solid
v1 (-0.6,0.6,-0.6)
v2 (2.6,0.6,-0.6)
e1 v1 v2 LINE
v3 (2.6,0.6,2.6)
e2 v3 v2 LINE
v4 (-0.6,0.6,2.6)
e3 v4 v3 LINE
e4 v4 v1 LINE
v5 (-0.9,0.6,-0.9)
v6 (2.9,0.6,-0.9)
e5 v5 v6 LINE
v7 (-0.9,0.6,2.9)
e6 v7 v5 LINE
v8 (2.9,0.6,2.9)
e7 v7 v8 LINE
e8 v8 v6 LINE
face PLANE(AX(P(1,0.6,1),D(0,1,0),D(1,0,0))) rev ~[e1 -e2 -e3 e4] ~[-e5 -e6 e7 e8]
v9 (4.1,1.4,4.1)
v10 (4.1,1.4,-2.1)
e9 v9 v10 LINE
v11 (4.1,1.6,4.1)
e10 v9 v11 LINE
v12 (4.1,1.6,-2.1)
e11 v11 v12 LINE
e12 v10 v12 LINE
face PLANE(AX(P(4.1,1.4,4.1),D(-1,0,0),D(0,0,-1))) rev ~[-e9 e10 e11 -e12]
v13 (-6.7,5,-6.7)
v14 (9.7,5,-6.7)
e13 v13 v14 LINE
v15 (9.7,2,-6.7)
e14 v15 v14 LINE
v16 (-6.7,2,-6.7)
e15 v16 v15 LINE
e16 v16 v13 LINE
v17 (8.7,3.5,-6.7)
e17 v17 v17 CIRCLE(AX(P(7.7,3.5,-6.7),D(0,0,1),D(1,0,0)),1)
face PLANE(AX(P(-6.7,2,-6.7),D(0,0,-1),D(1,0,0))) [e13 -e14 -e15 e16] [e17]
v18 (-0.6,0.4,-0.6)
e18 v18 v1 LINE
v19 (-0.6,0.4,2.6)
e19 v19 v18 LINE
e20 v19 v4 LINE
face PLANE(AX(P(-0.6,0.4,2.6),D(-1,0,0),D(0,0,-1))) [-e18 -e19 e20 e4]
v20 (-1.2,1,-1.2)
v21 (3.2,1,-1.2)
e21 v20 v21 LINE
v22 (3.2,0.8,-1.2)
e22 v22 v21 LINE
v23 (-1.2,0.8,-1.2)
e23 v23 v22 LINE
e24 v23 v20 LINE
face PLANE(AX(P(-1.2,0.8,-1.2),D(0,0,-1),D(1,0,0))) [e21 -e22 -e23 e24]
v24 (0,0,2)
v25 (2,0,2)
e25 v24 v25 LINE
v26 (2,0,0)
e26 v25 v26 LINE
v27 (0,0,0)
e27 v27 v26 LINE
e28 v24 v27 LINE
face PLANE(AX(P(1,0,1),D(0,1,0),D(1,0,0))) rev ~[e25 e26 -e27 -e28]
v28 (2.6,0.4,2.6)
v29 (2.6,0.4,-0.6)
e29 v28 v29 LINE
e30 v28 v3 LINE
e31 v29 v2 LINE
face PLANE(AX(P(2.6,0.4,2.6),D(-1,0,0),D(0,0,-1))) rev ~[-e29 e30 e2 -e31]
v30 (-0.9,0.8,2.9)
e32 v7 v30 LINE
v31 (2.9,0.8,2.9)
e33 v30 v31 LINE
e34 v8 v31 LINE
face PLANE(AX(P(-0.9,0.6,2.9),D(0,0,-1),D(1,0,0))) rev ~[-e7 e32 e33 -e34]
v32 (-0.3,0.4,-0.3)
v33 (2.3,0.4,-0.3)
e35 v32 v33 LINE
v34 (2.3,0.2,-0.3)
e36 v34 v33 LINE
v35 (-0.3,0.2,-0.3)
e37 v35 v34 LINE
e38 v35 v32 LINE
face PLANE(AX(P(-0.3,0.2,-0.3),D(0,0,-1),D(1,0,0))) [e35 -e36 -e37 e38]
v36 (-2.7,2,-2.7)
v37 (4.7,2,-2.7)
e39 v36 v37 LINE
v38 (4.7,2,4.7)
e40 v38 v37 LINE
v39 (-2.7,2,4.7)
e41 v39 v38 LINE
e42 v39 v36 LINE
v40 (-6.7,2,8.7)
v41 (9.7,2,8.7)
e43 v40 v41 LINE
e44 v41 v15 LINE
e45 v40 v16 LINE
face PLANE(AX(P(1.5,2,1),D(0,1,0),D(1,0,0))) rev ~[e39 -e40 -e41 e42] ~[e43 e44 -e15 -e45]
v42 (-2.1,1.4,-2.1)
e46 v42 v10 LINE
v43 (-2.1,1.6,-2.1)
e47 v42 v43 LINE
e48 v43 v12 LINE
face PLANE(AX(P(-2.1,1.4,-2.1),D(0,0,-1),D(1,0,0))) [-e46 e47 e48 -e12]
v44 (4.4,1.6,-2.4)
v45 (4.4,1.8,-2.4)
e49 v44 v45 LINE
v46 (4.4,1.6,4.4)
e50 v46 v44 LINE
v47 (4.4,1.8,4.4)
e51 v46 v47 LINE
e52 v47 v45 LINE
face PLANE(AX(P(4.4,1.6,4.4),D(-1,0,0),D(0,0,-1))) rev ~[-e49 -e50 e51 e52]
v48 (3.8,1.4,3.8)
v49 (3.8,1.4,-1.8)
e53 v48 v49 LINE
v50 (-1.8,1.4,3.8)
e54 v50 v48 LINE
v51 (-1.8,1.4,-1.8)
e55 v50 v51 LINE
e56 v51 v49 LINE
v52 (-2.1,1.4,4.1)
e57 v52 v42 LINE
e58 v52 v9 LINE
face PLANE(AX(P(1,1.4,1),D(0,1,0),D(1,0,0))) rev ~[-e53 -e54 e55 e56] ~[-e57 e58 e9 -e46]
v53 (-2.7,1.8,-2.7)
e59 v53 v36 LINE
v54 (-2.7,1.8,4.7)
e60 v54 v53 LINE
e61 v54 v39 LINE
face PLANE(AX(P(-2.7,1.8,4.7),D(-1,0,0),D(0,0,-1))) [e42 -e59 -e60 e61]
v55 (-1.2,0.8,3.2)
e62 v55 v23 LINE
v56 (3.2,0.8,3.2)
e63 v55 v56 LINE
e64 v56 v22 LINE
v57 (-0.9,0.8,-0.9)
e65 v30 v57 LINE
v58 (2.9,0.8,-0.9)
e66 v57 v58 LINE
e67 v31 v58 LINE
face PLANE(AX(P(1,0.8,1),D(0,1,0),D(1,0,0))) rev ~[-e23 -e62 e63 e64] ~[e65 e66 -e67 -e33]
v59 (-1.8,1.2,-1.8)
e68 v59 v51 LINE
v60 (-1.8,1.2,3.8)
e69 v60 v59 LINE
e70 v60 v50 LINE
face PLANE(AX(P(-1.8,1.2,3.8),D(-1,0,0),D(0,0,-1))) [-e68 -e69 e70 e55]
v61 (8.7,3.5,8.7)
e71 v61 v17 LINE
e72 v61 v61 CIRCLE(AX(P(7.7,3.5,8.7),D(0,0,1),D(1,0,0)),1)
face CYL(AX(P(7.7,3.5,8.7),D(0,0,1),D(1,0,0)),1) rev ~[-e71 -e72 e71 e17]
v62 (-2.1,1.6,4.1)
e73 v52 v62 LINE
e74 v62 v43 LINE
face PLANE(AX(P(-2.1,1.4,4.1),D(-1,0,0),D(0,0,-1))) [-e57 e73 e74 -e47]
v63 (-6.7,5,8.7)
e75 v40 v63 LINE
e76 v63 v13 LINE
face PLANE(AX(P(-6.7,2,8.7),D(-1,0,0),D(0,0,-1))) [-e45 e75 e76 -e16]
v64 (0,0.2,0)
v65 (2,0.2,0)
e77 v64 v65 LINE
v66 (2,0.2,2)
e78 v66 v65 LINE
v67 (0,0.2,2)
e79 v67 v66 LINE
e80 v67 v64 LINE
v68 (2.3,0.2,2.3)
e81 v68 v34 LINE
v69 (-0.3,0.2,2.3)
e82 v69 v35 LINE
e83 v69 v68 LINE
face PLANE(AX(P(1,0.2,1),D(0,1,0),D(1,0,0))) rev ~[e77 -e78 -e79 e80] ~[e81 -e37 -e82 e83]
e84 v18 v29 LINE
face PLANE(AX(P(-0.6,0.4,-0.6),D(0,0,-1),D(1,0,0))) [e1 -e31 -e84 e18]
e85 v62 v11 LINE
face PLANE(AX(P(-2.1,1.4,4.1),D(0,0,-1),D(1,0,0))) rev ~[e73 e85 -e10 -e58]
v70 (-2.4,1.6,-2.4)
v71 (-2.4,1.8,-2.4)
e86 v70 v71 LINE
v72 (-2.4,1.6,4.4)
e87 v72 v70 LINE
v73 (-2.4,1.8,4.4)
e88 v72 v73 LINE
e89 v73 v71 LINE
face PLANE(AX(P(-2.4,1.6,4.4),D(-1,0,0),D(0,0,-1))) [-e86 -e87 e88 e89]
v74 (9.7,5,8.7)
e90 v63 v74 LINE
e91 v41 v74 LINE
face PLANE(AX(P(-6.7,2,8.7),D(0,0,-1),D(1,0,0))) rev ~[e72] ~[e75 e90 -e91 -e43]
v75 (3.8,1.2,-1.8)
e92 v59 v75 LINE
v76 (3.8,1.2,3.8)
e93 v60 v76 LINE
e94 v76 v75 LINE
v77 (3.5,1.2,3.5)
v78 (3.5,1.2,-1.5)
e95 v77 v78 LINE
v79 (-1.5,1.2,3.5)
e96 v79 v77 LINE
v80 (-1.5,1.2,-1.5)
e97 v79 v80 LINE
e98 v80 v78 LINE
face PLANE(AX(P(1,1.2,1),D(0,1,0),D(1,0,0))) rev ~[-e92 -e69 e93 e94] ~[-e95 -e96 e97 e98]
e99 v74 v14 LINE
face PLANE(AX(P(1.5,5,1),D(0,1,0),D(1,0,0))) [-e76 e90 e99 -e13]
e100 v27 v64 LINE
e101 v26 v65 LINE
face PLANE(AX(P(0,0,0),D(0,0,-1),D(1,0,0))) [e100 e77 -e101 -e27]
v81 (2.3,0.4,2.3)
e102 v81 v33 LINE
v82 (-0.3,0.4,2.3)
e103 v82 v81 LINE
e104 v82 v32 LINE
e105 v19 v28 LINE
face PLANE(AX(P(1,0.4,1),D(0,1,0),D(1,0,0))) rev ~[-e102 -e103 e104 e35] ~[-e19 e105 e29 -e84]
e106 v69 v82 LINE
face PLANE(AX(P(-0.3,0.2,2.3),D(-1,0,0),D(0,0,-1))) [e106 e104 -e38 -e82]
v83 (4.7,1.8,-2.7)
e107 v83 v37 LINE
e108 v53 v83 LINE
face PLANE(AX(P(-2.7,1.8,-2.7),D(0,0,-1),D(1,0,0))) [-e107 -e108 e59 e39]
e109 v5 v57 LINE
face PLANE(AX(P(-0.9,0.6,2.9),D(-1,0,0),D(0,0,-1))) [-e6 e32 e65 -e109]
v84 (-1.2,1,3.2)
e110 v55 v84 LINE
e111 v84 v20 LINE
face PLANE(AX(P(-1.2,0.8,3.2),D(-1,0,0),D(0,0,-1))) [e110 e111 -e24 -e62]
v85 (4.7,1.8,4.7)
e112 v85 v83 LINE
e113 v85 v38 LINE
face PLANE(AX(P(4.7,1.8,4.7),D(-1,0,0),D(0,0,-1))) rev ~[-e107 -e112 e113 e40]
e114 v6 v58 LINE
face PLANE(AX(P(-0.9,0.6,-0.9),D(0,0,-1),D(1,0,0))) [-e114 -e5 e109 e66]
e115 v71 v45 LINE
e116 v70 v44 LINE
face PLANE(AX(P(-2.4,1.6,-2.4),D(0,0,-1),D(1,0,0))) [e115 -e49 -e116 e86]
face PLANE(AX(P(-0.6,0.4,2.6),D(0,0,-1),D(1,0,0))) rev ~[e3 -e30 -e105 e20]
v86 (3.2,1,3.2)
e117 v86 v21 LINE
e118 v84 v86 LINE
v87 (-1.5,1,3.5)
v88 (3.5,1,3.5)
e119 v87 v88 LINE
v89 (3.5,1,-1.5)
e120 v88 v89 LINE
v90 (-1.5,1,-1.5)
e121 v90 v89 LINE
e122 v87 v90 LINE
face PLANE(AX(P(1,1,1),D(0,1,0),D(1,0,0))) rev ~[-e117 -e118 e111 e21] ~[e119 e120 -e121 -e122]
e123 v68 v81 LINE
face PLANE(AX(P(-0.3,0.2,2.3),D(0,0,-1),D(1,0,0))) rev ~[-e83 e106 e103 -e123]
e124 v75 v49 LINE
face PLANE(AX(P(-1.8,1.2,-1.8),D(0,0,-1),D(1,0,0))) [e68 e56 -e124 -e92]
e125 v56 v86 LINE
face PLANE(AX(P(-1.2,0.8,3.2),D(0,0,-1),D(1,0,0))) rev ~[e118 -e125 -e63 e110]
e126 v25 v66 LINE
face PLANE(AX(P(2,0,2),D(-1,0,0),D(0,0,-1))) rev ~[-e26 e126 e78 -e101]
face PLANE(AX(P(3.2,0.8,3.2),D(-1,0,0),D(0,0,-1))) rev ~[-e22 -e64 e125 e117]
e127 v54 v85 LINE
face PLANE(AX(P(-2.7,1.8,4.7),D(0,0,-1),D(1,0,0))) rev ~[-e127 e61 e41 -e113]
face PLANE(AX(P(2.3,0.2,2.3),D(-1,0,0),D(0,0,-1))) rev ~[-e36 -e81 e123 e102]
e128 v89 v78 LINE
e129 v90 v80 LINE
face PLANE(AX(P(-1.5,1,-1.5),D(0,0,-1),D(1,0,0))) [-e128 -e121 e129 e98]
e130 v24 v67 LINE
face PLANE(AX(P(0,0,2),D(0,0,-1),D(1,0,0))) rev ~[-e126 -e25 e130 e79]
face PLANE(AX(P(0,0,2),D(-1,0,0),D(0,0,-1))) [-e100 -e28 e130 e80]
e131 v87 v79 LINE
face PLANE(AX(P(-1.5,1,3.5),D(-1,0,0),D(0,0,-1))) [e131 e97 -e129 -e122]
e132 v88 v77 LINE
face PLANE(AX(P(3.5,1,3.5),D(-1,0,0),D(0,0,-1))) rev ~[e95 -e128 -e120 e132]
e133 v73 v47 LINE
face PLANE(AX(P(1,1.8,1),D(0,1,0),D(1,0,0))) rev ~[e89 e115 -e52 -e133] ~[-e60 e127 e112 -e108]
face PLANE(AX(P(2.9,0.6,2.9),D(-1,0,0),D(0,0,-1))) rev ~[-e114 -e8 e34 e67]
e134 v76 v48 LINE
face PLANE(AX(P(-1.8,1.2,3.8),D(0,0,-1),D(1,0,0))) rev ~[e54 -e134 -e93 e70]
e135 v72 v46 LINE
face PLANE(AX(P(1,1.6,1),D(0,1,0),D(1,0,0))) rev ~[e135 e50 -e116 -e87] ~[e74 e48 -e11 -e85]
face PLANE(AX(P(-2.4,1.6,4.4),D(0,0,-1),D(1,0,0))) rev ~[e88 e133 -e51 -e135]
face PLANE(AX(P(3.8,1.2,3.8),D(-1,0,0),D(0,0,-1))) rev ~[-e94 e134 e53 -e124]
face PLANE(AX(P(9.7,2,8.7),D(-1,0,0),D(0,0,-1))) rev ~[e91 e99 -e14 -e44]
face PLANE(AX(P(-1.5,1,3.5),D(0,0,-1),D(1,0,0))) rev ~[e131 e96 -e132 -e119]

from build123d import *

# Parameters (mm, degrees)
CROQUIS1_W               = 2
CROQUIS1_H               = 2
SALIENTE_EXTRUIR1_DEPTH  = 0.2
CROQUIS2_W               = 2.6
CROQUIS2_H               = 2.6
SALIENTE_EXTRUIR2_DEPTH  = 0.2
CROQUIS3_W               = 3.2
CROQUIS3_H               = 3.2
SALIENTE_EXTRUIR3_DEPTH  = 0.2
CROQUIS4_W               = 3.8
CROQUIS4_H               = 3.8
SALIENTE_EXTRUIR4_DEPTH  = 0.2
CROQUIS5_W               = 4.4
CROQUIS5_H               = 4.4
SALIENTE_EXTRUIR5_DEPTH  = 0.2
CROQUIS6_W               = 5
CROQUIS6_H               = 5
SALIENTE_EXTRUIR6_DEPTH  = 0.2
CROQUIS7_W               = 5.6
CROQUIS7_H               = 5.6
SALIENTE_EXTRUIR7_DEPTH  = 0.2
CROQUIS8_W               = 6.2
CROQUIS8_H               = 6.2
SALIENTE_EXTRUIR8_DEPTH  = 0.2
CROQUIS9_W               = 6.8
CROQUIS9_H               = 6.8
SALIENTE_EXTRUIR9_DEPTH  = 0.2
CROQUIS10_W              = 7.4
CROQUIS10_H              = 7.4
SALIENTE_EXTRUIR10_DEPTH = 0.2
CROQUIS11_W              = 16.4
CROQUIS11_H              = 15.4
SALIENTE_EXTRUIR11_DEPTH = 3
CROQUIS12_R              = 1
CORTAR_EXTRUIR1_DEPTH    = 16.4


with BuildPart() as part:
    # Croquis1 → Saliente-Extruir1 (new body)
    with BuildSketch(Plane(origin=(0, 0, 0), x_dir=(1, 0, 0), z_dir=(0, 1, 0))):
        with Locations((1, -1)):
            Rectangle(CROQUIS1_W, CROQUIS1_H)
    extrude(amount=SALIENTE_EXTRUIR1_DEPTH)

    # Croquis2 → Saliente-Extruir2 (add)
    with BuildSketch(Plane(origin=(0, 0.2, 0), x_dir=(1, 0, 0), z_dir=(0, 1, 0))):
        with Locations((1, -1)):
            Rectangle(CROQUIS2_W, CROQUIS2_H)
    extrude(amount=SALIENTE_EXTRUIR2_DEPTH)

    # Croquis3 → Saliente-Extruir3 (add)
    with BuildSketch(Plane(origin=(0, 0.4, 0), x_dir=(1, 0, 0), z_dir=(0, 1, 0))):
        with Locations((1, -1)):
            Rectangle(CROQUIS3_W, CROQUIS3_H)
    extrude(amount=SALIENTE_EXTRUIR3_DEPTH)

    # Croquis4 → Saliente-Extruir4 (add)
    with BuildSketch(Plane(origin=(0, 0.6, 0), x_dir=(1, 0, 0), z_dir=(0, 1, 0))):
        with Locations((1, -1)):
            Rectangle(CROQUIS4_W, CROQUIS4_H)
    extrude(amount=SALIENTE_EXTRUIR4_DEPTH)

    # Croquis5 → Saliente-Extruir5 (add)
    with BuildSketch(Plane(origin=(0, 0.8, 0), x_dir=(1, 0, 0), z_dir=(0, 1, 0))):
        with Locations((1, -1)):
            Rectangle(CROQUIS5_W, CROQUIS5_H)
    extrude(amount=SALIENTE_EXTRUIR5_DEPTH)

    # Croquis6 → Saliente-Extruir6 (add)
    with BuildSketch(Plane(origin=(0, 1, 0), x_dir=(1, 0, 0), z_dir=(0, 1, 0))):
        with Locations((1, -1)):
            Rectangle(CROQUIS6_W, CROQUIS6_H)
    extrude(amount=SALIENTE_EXTRUIR6_DEPTH)

    # Croquis7 → Saliente-Extruir7 (add)
    with BuildSketch(Plane(origin=(0, 1.2, 0), x_dir=(1, 0, 0), z_dir=(0, 1, 0))):
        with Locations((1, -1)):
            Rectangle(CROQUIS7_W, CROQUIS7_H)
    extrude(amount=SALIENTE_EXTRUIR7_DEPTH)

    # Croquis8 → Saliente-Extruir8 (add)
    with BuildSketch(Plane(origin=(0, 1.4, 0), x_dir=(1, 0, 0), z_dir=(0, 1, 0))):
        with Locations((1, -1)):
            Rectangle(CROQUIS8_W, CROQUIS8_H)
    extrude(amount=SALIENTE_EXTRUIR8_DEPTH)

    # Croquis9 → Saliente-Extruir9 (add)
    with BuildSketch(Plane(origin=(0, 1.6, 0), x_dir=(1, 0, 0), z_dir=(0, 1, 0))):
        with Locations((1, -1)):
            Rectangle(CROQUIS9_W, CROQUIS9_H)
    extrude(amount=SALIENTE_EXTRUIR9_DEPTH)

    # Croquis10 → Saliente-Extruir10 (add)
    with BuildSketch(Plane(origin=(0, 1.8, 0), x_dir=(1, 0, 0), z_dir=(0, 1, 0))):
        with Locations((1, -1)):
            Rectangle(CROQUIS10_W, CROQUIS10_H)
    extrude(amount=SALIENTE_EXTRUIR10_DEPTH)

    # Croquis11 → Saliente-Extruir11 (add)
    with BuildSketch(Plane(origin=(0, 2, 0), x_dir=(1, 0, 0), z_dir=(0, 1, 0))):
        with Locations((1.5, -1)):
            Rectangle(CROQUIS11_W, CROQUIS11_H)
    extrude(amount=SALIENTE_EXTRUIR11_DEPTH)

    # Croquis12 → Cortar-Extruir1 (cut, through all)
    with BuildSketch(Plane.XY.offset(8.7)):
        with Locations((7.7, 3.5)):
            Circle(CROQUIS12_R)
    extrude(amount=-CORTAR_EXTRUIR1_DEPTH, mode=Mode.SUBTRACT)


solid = part.part
